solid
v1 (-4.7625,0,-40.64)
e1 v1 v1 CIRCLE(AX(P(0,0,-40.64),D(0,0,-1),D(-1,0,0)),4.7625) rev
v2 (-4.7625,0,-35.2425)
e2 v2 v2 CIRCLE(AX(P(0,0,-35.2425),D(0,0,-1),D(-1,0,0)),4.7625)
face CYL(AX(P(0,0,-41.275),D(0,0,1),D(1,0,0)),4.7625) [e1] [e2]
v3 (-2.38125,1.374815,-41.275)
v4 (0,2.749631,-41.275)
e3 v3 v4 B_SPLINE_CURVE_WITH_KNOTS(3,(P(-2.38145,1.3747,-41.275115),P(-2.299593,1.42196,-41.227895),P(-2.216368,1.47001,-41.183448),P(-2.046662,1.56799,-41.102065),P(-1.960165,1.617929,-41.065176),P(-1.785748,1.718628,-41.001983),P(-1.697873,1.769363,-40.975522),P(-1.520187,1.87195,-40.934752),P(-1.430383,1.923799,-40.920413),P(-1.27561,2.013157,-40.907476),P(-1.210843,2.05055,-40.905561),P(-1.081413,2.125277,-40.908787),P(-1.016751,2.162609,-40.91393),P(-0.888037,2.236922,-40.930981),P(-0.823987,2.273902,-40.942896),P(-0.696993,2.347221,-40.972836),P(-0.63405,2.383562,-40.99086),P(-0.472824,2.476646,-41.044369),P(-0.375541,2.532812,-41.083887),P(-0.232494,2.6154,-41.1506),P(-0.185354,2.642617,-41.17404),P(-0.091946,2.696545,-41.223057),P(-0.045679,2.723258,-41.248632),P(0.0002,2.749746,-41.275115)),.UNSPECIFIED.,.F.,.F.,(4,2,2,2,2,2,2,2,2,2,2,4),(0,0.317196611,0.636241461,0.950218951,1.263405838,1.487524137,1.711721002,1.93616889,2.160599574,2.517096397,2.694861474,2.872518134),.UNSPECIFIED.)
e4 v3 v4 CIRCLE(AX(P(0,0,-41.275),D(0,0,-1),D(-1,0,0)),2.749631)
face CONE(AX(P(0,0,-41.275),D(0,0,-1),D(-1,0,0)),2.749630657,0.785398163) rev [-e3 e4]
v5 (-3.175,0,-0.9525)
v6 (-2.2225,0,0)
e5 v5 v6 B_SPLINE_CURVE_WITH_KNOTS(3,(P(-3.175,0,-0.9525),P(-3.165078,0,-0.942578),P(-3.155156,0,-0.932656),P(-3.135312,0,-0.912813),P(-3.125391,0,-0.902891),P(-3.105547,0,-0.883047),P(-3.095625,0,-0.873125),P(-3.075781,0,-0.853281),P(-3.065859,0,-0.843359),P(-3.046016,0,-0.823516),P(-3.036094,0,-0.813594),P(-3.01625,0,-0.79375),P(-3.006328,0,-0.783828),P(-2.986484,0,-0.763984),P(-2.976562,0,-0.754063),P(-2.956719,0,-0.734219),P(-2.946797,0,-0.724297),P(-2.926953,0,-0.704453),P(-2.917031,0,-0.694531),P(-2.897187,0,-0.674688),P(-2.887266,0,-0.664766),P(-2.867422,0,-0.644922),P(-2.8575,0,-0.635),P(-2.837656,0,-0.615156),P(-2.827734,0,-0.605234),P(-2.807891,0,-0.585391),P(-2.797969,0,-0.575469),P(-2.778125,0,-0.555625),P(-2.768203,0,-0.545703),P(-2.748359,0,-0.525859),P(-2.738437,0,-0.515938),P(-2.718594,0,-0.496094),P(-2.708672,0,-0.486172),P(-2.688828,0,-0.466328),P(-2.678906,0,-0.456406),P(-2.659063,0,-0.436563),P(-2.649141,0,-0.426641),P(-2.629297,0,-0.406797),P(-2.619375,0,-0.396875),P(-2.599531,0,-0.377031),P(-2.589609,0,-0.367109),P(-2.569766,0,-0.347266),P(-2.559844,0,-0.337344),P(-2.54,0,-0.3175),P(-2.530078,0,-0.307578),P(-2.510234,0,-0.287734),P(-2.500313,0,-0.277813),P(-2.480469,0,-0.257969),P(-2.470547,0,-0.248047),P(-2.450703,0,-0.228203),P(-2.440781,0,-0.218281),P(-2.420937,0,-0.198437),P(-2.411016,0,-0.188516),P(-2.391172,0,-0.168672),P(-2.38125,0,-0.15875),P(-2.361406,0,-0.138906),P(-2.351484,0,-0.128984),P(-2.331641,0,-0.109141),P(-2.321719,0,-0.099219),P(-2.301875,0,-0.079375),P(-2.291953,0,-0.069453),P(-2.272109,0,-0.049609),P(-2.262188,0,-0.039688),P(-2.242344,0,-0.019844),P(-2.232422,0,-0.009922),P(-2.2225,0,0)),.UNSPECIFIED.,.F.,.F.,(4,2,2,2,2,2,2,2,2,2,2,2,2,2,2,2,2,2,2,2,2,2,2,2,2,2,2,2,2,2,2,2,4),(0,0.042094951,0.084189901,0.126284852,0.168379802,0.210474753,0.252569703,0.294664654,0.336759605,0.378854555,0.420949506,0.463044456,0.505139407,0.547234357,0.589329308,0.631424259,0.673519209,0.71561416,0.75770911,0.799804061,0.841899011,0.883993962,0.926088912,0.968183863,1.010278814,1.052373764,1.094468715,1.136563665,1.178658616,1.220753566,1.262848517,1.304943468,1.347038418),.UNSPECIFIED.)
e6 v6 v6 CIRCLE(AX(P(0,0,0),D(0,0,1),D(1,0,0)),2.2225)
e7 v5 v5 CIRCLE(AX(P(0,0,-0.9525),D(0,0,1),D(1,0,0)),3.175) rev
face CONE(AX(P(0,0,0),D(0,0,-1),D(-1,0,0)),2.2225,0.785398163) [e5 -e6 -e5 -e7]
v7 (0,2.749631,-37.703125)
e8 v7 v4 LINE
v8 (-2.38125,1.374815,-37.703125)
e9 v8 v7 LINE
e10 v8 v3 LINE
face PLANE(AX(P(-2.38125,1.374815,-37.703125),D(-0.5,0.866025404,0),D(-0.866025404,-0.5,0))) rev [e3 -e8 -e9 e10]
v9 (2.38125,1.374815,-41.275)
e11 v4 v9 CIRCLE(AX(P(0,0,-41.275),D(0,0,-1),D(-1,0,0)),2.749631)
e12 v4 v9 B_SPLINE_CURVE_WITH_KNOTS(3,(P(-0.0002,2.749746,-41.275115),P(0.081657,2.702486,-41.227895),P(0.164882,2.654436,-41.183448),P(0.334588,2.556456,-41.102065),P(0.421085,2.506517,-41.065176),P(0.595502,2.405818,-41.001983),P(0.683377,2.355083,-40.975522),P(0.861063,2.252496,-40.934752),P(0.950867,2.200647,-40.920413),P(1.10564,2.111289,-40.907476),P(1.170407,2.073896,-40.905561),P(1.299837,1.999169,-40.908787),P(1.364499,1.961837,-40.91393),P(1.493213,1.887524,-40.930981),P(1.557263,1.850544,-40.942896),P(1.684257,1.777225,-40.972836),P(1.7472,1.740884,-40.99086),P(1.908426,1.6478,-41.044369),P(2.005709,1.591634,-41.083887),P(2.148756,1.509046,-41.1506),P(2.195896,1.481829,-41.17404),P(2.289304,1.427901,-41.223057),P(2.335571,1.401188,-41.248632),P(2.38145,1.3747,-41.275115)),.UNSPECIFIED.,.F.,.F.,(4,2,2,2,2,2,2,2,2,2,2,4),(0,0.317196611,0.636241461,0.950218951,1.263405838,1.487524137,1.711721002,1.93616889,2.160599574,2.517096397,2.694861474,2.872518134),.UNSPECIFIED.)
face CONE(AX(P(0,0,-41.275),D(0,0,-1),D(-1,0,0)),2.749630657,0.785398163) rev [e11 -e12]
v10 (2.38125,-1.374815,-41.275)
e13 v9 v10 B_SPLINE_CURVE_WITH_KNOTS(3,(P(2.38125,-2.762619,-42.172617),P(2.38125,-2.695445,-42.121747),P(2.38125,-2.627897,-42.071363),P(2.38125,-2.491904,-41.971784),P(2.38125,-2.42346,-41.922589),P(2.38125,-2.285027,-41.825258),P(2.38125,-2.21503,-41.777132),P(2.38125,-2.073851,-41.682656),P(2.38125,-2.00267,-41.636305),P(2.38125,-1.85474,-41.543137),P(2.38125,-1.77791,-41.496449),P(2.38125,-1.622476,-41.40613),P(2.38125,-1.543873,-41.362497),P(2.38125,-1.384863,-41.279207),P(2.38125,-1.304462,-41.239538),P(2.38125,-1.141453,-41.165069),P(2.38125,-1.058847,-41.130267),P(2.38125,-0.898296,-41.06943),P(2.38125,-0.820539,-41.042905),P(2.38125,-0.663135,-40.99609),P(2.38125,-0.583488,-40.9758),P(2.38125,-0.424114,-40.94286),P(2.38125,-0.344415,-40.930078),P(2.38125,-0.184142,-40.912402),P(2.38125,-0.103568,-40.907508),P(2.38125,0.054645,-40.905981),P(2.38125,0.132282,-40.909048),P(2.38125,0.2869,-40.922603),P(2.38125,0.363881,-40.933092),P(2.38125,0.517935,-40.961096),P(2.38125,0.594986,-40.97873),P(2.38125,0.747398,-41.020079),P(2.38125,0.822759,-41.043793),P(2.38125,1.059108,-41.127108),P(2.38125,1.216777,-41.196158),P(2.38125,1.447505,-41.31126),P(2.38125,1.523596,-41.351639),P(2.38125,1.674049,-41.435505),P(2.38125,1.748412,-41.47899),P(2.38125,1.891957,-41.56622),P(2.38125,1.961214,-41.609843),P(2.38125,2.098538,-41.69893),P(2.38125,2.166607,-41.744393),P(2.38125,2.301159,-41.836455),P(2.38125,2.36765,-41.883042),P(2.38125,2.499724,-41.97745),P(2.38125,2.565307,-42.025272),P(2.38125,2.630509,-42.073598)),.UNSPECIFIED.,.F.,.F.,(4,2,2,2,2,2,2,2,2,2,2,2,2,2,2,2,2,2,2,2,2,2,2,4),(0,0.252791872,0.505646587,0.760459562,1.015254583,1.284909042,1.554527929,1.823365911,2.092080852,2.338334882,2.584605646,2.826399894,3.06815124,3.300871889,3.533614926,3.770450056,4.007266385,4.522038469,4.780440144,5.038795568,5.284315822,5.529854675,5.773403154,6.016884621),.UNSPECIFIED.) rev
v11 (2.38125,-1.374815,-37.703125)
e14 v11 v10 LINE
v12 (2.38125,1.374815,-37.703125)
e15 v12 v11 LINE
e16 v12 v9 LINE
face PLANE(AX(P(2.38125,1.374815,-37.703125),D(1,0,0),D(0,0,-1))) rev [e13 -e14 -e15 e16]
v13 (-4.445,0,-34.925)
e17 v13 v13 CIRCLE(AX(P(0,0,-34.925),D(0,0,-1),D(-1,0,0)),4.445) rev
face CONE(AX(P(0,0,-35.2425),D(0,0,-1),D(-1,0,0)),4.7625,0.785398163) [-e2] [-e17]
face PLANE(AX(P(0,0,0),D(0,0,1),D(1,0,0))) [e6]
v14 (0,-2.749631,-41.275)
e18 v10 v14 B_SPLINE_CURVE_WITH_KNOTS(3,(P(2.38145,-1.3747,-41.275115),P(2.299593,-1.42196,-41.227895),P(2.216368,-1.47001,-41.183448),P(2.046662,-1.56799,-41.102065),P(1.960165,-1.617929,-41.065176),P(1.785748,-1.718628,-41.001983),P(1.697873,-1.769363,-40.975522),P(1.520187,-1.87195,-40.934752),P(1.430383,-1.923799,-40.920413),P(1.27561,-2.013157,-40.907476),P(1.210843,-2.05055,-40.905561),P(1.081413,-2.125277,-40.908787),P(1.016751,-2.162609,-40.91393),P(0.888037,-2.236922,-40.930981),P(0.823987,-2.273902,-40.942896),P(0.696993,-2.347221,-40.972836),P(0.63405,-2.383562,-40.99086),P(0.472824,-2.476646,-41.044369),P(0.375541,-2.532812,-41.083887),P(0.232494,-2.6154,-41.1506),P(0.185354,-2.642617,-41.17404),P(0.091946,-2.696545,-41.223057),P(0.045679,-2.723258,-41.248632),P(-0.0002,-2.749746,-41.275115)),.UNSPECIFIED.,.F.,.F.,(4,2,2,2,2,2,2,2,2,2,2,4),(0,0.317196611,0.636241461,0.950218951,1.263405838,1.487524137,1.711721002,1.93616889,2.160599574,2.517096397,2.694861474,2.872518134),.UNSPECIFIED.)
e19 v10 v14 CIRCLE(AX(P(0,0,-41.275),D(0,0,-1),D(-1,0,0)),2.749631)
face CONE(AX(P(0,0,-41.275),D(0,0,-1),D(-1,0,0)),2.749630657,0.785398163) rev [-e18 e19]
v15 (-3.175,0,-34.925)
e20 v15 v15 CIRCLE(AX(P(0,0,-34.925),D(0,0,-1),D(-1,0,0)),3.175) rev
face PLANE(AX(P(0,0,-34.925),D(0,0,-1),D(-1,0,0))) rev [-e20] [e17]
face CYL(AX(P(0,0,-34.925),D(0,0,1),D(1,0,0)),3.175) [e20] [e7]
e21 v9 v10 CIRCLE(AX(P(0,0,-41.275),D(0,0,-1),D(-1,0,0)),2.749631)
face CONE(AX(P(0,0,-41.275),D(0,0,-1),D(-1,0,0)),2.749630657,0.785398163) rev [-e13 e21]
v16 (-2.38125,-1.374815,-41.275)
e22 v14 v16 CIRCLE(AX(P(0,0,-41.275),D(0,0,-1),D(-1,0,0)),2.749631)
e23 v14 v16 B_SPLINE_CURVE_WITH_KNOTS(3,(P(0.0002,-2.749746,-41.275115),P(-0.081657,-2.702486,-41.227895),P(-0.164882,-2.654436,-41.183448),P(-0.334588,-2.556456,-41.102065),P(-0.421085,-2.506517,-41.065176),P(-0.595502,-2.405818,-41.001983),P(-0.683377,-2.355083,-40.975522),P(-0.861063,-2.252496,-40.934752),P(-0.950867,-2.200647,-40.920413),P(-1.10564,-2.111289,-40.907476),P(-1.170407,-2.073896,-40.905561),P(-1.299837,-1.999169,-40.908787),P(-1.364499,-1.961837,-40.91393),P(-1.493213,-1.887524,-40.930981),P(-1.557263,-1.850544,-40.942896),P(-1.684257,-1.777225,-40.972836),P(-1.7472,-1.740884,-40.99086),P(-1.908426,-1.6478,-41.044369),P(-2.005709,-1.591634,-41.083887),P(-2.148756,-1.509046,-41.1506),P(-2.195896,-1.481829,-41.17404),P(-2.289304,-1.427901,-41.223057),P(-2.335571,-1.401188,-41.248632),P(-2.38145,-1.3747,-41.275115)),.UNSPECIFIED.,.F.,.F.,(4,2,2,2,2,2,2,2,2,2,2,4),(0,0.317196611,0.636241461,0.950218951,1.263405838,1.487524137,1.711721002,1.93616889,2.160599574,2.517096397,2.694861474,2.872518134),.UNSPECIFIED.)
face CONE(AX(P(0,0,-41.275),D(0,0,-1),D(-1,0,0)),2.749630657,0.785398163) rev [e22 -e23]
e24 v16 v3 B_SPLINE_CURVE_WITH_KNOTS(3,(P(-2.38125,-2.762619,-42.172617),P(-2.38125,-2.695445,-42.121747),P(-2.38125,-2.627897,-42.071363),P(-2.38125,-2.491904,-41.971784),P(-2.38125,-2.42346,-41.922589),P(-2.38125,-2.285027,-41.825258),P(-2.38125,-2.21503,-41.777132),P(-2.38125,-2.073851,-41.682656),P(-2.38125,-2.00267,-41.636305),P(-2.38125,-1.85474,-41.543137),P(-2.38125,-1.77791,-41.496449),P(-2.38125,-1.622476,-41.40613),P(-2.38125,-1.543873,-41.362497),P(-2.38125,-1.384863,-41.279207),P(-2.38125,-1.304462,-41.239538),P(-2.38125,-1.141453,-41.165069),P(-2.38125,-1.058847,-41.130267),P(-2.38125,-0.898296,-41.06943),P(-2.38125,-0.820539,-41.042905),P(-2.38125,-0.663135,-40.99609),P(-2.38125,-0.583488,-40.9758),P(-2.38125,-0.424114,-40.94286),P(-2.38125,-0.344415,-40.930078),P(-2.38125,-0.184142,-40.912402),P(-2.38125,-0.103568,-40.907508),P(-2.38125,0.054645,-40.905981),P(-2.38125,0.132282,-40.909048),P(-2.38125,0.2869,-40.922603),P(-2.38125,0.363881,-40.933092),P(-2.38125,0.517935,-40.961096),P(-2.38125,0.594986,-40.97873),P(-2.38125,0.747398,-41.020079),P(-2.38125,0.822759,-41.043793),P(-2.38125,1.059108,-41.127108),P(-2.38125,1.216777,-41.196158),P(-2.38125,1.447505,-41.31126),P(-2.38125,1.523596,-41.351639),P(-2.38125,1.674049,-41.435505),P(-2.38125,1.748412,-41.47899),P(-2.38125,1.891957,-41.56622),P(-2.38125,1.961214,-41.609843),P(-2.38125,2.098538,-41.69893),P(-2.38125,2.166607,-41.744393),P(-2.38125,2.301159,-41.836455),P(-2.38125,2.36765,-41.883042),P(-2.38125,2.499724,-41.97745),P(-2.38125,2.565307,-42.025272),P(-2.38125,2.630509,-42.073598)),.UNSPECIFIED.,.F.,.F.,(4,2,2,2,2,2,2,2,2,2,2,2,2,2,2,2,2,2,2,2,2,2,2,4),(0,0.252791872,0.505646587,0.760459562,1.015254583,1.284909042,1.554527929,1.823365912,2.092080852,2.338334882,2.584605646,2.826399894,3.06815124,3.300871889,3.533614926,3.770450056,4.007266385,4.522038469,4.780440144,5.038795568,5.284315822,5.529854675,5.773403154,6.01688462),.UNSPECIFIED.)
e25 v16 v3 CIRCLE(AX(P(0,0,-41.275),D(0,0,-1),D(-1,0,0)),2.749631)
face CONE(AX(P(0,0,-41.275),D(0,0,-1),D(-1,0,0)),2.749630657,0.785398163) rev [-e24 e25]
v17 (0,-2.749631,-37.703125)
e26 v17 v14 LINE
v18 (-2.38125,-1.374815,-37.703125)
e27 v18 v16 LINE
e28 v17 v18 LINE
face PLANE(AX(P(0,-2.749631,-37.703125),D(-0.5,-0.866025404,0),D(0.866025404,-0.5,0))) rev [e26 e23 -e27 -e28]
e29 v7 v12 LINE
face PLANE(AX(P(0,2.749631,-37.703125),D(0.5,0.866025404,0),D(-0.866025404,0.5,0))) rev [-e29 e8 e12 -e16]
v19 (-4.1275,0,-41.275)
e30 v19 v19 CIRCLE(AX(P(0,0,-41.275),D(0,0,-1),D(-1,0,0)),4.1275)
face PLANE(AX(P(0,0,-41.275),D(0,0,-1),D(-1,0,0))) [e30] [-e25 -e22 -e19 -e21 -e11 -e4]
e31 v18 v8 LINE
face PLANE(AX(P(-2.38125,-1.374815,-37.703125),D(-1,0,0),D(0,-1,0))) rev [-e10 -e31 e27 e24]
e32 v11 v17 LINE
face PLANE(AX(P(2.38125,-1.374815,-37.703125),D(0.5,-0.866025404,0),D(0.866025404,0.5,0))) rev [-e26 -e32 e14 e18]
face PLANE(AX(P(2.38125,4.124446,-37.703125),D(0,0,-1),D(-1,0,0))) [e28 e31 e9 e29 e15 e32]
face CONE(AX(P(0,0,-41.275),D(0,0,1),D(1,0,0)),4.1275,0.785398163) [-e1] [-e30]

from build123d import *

# Parameters (mm, degrees)
SKETCH1_R          = 3.175
EXTRUDE1_DEPTH     = 34.925
CHAMFER3_SIZE      = 0.9525
SKETCH6_R          = 4.7625
EXTRUDE2_DEPTH     = 6.35
CUT_EXTRUDE1_DEPTH = 3.571875
SKETCH8_R          = 2.749630657
CUT_EXTRUDE2_DEPTH = 0.635
CUT_EXTRUDE2_DRAFT = -45
CHAMFER1_SIZE      = 0.635
CHAMFER2_SIZE      = 0.3175


with BuildPart() as part:
    # Sketch1 → Extrude1 (new body)
    with BuildSketch(Plane.XY):
        Circle(SKETCH1_R)
    extrude(amount=-EXTRUDE1_DEPTH)

    # Chamfer3
    chamfer3_edges = [part.edges().sort_by_distance(p)[0] for p in [
        (-3.175, 0, 0),
    ]]
    chamfer(chamfer3_edges, length=CHAMFER3_SIZE)

    # Sketch6 → Extrude2 (add)
    with BuildSketch(Plane(origin=(0, 0, -34.925), x_dir=(-1, 0, 0), z_dir=(0, 0, -1))):
        Circle(SKETCH6_R)
    extrude(amount=EXTRUDE2_DEPTH)

    # Sketch7 → Cut-Extrude1 (cut)
    with BuildSketch(Plane(origin=(0, 0, -41.275), x_dir=(-1, 0, 0), z_dir=(0, 0, -1))):
        Polygon((0, 2.749630657), (-2.38125, 1.374815329), (-2.38125, -1.374815329), (0, -2.749630657), (2.38125, -1.374815329), (2.38125, 1.374815329), align=None)
    extrude(amount=-CUT_EXTRUDE1_DEPTH, mode=Mode.SUBTRACT)


with BuildPart() as cut_extrude2_tool:
    # Sketch8 → Cut-Extrude2 (with draft: the straight prism first)
    with BuildSketch(Plane(origin=(0, 0, -41.275), x_dir=(-1, 0, 0), z_dir=(0, 0, -1))):
        Circle(SKETCH8_R)
    extrude(amount=-CUT_EXTRUDE2_DEPTH)
    # Cut-Extrude2: the draft: its side faces are tilted about the plane it starts from
    cut_extrude2_sides = [cut_extrude2_tool.faces().sort_by_distance(p)[0] for p in [
        (2.749630657, 0, -40.9575),
    ]]
    draft(cut_extrude2_sides, Plane(origin=(0, 0, -41.275), x_dir=(-1, 0, 0), z_dir=(0, 0, -1)), CUT_EXTRUDE2_DRAFT)


with BuildPart() as part_1:
    add(part.part)

    # Cut-Extrude2: cut by cut_extrude2_tool
    add(cut_extrude2_tool.part, mode=Mode.SUBTRACT)

    # Chamfer1
    chamfer1_edges = [part_1.edges().sort_by_distance(p)[0] for p in [
        (4.7625, 0, -41.275),
    ]]
    chamfer(chamfer1_edges, length=CHAMFER1_SIZE)

    # Chamfer2
    chamfer2_edges = [part_1.edges().sort_by_distance(p)[0] for p in [
        (4.7625, 0, -34.925),
    ]]
    chamfer(chamfer2_edges, length=CHAMFER2_SIZE)


solid = part_1.part
